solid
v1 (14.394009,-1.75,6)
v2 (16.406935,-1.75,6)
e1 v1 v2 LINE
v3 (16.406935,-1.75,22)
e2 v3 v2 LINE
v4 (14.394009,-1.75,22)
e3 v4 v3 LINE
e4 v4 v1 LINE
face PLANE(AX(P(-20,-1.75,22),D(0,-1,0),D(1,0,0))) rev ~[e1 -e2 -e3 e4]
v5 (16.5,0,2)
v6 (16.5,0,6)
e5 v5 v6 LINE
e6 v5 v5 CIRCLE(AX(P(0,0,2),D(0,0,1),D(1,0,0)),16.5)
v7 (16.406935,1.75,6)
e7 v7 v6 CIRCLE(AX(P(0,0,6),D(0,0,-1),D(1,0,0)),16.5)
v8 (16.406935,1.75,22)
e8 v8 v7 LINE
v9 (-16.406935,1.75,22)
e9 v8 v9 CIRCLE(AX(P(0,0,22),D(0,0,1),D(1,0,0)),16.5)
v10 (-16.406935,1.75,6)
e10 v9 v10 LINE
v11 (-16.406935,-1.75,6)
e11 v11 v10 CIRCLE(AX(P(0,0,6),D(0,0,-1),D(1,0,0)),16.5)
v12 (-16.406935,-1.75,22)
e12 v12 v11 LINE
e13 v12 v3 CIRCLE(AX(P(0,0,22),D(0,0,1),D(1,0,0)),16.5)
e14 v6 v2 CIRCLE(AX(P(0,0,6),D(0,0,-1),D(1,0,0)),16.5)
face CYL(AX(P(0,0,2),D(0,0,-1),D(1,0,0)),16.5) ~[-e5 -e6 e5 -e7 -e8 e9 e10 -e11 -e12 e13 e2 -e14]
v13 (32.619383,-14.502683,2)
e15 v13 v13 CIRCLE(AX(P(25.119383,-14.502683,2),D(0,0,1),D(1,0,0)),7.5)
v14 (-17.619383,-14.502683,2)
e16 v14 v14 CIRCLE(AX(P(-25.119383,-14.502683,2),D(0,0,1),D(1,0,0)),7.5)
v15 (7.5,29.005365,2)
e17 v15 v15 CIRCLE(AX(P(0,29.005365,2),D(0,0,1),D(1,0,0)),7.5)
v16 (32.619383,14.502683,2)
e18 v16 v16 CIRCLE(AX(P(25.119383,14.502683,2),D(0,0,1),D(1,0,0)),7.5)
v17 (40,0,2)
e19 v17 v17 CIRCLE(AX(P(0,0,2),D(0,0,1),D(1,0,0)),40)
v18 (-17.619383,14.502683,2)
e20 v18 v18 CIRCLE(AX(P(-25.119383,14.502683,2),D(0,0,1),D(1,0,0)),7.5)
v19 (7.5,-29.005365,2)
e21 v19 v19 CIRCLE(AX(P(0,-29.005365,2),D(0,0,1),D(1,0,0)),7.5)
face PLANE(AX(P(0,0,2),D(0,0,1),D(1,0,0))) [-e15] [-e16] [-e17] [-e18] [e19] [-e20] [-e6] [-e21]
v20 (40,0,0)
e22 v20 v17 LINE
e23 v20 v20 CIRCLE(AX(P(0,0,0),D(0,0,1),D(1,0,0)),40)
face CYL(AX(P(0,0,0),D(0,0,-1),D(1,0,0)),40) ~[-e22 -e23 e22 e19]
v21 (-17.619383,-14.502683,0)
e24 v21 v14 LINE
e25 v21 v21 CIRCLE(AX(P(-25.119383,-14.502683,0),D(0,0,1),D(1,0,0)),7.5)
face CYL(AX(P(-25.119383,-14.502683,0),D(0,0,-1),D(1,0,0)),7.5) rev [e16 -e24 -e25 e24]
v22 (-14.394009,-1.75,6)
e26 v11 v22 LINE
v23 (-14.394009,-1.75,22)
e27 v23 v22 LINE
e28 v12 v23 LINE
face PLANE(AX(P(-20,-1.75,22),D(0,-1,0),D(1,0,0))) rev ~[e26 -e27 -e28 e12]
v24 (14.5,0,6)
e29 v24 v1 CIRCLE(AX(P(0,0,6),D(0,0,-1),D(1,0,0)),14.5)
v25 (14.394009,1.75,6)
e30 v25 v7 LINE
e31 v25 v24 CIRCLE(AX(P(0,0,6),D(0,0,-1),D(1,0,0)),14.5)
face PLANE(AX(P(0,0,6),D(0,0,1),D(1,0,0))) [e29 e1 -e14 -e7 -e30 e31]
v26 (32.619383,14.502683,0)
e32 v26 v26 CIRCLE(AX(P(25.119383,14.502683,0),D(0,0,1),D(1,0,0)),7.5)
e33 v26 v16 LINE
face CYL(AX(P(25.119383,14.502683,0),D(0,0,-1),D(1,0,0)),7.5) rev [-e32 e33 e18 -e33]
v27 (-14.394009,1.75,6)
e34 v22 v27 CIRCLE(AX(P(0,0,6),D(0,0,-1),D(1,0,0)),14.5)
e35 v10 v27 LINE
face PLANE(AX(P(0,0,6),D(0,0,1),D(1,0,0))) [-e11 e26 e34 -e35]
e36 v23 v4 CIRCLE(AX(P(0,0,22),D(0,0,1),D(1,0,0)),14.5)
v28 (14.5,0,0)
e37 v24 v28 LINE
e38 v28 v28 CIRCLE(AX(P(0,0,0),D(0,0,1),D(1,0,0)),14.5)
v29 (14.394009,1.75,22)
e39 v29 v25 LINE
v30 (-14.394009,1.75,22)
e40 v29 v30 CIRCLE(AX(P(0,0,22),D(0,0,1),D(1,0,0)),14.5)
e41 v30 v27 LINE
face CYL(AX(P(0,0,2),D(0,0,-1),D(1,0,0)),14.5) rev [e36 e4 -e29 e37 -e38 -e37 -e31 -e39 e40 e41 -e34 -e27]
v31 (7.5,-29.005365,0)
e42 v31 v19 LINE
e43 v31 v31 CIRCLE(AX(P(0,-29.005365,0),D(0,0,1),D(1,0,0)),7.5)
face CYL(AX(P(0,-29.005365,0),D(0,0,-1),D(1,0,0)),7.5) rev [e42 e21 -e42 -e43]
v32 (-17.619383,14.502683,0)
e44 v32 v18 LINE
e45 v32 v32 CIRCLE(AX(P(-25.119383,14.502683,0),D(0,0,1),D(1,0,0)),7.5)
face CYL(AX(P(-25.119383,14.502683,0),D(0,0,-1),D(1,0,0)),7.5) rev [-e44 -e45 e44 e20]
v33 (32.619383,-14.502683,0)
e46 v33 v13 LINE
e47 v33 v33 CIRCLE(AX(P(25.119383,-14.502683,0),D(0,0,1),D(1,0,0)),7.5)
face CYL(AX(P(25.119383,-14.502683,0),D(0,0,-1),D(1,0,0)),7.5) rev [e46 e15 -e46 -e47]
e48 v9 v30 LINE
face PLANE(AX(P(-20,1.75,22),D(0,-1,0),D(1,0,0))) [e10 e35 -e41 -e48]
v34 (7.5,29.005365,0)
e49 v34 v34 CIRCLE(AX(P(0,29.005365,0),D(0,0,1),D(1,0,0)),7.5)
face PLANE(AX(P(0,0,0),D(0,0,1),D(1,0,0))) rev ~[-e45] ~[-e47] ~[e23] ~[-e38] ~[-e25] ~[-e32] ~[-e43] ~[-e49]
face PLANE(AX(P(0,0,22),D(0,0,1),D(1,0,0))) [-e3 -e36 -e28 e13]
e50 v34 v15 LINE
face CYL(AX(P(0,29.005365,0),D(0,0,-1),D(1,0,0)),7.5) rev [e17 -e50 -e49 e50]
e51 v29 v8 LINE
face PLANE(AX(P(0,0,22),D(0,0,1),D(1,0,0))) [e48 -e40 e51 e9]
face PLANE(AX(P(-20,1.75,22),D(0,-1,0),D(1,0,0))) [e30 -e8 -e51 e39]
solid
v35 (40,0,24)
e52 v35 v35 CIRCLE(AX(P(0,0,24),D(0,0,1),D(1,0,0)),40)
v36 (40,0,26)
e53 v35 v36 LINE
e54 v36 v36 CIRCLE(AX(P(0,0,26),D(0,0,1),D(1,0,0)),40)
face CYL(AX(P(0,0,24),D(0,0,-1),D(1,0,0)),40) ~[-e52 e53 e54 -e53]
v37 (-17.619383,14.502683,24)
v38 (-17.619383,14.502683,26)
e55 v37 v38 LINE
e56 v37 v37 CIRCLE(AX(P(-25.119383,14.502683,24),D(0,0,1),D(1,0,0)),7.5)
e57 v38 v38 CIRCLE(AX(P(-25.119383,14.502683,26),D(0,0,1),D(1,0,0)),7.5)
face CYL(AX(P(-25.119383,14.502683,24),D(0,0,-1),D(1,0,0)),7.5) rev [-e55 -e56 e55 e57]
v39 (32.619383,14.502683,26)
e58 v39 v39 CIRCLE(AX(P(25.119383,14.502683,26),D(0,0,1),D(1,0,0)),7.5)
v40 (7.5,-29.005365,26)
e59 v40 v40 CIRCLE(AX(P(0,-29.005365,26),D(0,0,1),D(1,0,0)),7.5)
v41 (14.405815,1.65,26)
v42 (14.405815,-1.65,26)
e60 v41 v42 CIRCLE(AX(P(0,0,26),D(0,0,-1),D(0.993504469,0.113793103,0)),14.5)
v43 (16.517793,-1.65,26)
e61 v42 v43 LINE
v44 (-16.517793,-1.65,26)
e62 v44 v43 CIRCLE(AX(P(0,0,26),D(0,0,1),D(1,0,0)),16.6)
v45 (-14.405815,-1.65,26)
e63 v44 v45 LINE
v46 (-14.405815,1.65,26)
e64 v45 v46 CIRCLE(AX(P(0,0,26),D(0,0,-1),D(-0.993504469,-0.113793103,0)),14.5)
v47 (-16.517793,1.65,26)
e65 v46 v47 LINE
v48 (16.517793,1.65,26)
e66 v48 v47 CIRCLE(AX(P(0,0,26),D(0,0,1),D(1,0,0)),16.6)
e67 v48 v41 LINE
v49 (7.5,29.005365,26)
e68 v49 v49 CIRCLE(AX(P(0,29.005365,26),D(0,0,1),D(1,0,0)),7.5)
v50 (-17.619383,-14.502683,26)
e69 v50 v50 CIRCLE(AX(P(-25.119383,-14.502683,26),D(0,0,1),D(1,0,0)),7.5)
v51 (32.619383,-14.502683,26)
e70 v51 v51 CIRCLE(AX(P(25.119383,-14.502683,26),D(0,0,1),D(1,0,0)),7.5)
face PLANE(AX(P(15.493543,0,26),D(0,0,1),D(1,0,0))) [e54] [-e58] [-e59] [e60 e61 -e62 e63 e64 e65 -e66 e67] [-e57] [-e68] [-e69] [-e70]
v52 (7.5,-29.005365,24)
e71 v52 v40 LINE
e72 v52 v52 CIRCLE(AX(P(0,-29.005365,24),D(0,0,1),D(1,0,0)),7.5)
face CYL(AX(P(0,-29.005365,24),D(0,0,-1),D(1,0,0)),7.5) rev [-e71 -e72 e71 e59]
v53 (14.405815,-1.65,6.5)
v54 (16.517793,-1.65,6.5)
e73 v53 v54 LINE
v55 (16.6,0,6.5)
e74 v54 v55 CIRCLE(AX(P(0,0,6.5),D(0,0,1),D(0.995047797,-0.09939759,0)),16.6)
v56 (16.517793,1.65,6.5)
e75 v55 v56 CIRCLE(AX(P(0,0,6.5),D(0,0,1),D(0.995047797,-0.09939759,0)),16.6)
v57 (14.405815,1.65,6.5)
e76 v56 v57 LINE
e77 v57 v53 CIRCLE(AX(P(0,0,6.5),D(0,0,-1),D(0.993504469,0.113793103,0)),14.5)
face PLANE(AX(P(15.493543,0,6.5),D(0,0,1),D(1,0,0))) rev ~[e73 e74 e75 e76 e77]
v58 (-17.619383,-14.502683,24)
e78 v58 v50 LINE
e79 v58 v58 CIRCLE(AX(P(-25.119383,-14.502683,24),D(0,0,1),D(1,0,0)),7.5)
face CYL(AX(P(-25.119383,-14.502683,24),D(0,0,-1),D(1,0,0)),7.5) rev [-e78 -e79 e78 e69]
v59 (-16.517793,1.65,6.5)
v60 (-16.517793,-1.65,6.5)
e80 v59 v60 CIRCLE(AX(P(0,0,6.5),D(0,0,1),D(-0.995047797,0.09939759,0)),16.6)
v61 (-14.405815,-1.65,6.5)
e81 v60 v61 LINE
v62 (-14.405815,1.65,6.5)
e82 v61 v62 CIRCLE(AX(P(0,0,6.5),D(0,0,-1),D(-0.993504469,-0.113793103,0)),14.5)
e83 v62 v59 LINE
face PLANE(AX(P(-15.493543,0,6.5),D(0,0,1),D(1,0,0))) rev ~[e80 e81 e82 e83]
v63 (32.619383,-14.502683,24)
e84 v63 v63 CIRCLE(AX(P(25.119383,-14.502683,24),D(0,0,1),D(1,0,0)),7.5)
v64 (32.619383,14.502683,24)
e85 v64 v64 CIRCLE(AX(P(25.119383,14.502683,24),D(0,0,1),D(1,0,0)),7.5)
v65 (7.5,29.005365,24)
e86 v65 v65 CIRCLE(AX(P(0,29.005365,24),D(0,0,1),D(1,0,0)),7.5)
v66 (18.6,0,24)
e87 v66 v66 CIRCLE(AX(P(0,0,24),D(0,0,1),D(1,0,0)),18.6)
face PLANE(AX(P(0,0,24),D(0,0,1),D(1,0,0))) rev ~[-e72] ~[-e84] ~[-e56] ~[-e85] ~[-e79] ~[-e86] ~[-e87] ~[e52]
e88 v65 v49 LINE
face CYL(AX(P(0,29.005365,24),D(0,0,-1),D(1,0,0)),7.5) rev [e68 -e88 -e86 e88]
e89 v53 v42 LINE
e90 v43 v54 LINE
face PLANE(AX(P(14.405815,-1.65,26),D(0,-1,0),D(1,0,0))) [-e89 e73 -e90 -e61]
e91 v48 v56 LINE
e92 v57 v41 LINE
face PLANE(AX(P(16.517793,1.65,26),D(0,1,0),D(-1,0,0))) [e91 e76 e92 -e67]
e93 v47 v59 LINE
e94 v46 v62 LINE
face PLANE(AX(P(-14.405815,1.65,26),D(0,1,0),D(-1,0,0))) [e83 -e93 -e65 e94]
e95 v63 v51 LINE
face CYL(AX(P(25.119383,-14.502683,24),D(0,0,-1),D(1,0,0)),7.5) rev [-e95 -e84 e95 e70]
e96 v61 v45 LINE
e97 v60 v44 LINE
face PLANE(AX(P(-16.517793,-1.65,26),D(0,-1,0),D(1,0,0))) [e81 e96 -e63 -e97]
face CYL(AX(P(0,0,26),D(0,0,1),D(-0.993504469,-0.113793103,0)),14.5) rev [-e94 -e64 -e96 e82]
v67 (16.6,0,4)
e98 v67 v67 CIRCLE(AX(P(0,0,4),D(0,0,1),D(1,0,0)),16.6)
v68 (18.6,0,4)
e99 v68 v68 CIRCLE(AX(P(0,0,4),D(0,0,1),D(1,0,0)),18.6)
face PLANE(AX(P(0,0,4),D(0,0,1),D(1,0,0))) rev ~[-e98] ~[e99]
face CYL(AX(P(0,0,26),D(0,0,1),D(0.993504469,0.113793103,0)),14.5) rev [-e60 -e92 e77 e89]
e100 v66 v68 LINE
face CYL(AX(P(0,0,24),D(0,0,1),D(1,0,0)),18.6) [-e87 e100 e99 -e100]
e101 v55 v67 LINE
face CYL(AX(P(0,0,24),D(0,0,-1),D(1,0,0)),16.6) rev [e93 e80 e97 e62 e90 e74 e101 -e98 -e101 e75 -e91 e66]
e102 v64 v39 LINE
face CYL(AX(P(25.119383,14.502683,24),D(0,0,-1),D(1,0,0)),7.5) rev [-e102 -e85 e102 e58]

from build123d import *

# Parameters (mm, degrees)
F0_R      = 40
F0_R_2    = 7.5
F0_R_3    = 14.5
F1_DEPTH  = 2
F2_R      = 16.5
F2_R_2    = 14.5
F3_DEPTH  = 20
F4_W      = 40
F4_H      = 3.5
F5_DEPTH  = 16
F7_R      = 18.6
F7_R_2    = 16.6
F8_DEPTH  = 20
F9_R      = 40
F9_R_2    = 7.5
F9_R_3    = 16.6
F10_DEPTH = 2
F12_DEPTH = 19.5
F13_DEPTH = 16


with BuildPart() as f1:
    # F0 (on Top) → F1 (new body)
    with BuildSketch(Plane.XY):
        Circle(F0_R)
        with Locations((-25.1193833225, -14.5026827231)):
            Circle(F0_R_2, mode=Mode.SUBTRACT)
        with Locations((0, -29.0053654462)):
            Circle(F0_R_2, mode=Mode.SUBTRACT)
        with Locations((25.1193833225, -14.5026827231)):
            Circle(F0_R_2, mode=Mode.SUBTRACT)
        with Locations((-25.1193833225, 14.5026827231)):
            Circle(F0_R_2, mode=Mode.SUBTRACT)
        Circle(F0_R_3, mode=Mode.SUBTRACT)
        with Locations((25.1193833225, 14.5026827231)):
            Circle(F0_R_2, mode=Mode.SUBTRACT)
        with Locations((0, 29.0053654462)):
            Circle(F0_R_2, mode=Mode.SUBTRACT)
    extrude(amount=F1_DEPTH)

    # F2 (on face) → F3 (join)
    with BuildSketch(Plane.XY.offset(2)):
        Circle(F2_R)
        Circle(F2_R_2, mode=Mode.SUBTRACT)
    extrude(amount=F3_DEPTH)

    # F4 (on face) → F5 (cut)
    with BuildSketch(Plane.XY.offset(22)):
        Rectangle(F4_W, F4_H)
    extrude(amount=-F5_DEPTH, mode=Mode.SUBTRACT)


with BuildPart() as f8:
    # F7 (on offset) → F8 (new body)
    with BuildSketch(Plane.XY.offset(24)):
        Circle(F7_R)
        Circle(F7_R_2, mode=Mode.SUBTRACT)
    extrude(amount=-F8_DEPTH)

    # F9 (on offset) → F10 (join)
    with BuildSketch(Plane.XY.offset(24)):
        Circle(F9_R)
        with Locations((-25.1193833225, -14.5026827231)):
            Circle(F9_R_2, mode=Mode.SUBTRACT)
        with Locations((0, -29.0053654462)):
            Circle(F9_R_2, mode=Mode.SUBTRACT)
        with Locations((25.1193833225, -14.5026827231)):
            Circle(F9_R_2, mode=Mode.SUBTRACT)
        with Locations((-25.1193833225, 14.5026827231)):
            Circle(F9_R_2, mode=Mode.SUBTRACT)
        Circle(F9_R_3, mode=Mode.SUBTRACT)
        with Locations((25.1193833225, 14.5026827231)):
            Circle(F9_R_2, mode=Mode.SUBTRACT)
        with Locations((0, 29.0053654462)):
            Circle(F9_R_2, mode=Mode.SUBTRACT)
    extrude(amount=F10_DEPTH)

    # F11 (on face) → F12 (join, through all)
    with BuildSketch(Plane.XY.offset(26)):
        with BuildLine():
            Line((16.5177934362, 1.65), (14.4058147982, 1.65))
            ThreePointArc((14.4058147982, 1.65), (14.5, 0), (14.4058147982, -1.65))
            Line((14.4058147982, -1.65), (16.5177934362, -1.65))
            ThreePointArc((16.5177934362, -1.65), (16.6, 0), (16.5177934362, 1.65))
        make_face()
        with BuildLine():
            ThreePointArc((-14.4058147982, -1.65), (-14.5, 0), (-14.4058147982, 1.65))
            Line((-14.4058147982, 1.65), (-16.5177934362, 1.65))
            ThreePointArc((-16.5177934362, 1.65), (-16.6, 0), (-16.5177934362, -1.65))
            Line((-16.5177934362, -1.65), (-14.4058147982, -1.65))
        make_face()
    extrude(amount=-F12_DEPTH)

    # F11 (on face) → F13 (join)
    with BuildSketch(Plane.XY.offset(26)):
        with BuildLine():
            Line((16.5177934362, 1.65), (14.4058147982, 1.65))
            ThreePointArc((14.4058147982, 1.65), (14.5, 0), (14.4058147982, -1.65))
            Line((14.4058147982, -1.65), (16.5177934362, -1.65))
            ThreePointArc((16.5177934362, -1.65), (16.6, 0), (16.5177934362, 1.65))
        make_face()
        with BuildLine():
            ThreePointArc((-14.4058147982, -1.65), (-14.5, 0), (-14.4058147982, 1.65))
            Line((-14.4058147982, 1.65), (-16.5177934362, 1.65))
            ThreePointArc((-16.5177934362, 1.65), (-16.6, 0), (-16.5177934362, -1.65))
            Line((-16.5177934362, -1.65), (-14.4058147982, -1.65))
        make_face()
    extrude(amount=-F13_DEPTH)


solid = Compound([f1.part, f8.part])
